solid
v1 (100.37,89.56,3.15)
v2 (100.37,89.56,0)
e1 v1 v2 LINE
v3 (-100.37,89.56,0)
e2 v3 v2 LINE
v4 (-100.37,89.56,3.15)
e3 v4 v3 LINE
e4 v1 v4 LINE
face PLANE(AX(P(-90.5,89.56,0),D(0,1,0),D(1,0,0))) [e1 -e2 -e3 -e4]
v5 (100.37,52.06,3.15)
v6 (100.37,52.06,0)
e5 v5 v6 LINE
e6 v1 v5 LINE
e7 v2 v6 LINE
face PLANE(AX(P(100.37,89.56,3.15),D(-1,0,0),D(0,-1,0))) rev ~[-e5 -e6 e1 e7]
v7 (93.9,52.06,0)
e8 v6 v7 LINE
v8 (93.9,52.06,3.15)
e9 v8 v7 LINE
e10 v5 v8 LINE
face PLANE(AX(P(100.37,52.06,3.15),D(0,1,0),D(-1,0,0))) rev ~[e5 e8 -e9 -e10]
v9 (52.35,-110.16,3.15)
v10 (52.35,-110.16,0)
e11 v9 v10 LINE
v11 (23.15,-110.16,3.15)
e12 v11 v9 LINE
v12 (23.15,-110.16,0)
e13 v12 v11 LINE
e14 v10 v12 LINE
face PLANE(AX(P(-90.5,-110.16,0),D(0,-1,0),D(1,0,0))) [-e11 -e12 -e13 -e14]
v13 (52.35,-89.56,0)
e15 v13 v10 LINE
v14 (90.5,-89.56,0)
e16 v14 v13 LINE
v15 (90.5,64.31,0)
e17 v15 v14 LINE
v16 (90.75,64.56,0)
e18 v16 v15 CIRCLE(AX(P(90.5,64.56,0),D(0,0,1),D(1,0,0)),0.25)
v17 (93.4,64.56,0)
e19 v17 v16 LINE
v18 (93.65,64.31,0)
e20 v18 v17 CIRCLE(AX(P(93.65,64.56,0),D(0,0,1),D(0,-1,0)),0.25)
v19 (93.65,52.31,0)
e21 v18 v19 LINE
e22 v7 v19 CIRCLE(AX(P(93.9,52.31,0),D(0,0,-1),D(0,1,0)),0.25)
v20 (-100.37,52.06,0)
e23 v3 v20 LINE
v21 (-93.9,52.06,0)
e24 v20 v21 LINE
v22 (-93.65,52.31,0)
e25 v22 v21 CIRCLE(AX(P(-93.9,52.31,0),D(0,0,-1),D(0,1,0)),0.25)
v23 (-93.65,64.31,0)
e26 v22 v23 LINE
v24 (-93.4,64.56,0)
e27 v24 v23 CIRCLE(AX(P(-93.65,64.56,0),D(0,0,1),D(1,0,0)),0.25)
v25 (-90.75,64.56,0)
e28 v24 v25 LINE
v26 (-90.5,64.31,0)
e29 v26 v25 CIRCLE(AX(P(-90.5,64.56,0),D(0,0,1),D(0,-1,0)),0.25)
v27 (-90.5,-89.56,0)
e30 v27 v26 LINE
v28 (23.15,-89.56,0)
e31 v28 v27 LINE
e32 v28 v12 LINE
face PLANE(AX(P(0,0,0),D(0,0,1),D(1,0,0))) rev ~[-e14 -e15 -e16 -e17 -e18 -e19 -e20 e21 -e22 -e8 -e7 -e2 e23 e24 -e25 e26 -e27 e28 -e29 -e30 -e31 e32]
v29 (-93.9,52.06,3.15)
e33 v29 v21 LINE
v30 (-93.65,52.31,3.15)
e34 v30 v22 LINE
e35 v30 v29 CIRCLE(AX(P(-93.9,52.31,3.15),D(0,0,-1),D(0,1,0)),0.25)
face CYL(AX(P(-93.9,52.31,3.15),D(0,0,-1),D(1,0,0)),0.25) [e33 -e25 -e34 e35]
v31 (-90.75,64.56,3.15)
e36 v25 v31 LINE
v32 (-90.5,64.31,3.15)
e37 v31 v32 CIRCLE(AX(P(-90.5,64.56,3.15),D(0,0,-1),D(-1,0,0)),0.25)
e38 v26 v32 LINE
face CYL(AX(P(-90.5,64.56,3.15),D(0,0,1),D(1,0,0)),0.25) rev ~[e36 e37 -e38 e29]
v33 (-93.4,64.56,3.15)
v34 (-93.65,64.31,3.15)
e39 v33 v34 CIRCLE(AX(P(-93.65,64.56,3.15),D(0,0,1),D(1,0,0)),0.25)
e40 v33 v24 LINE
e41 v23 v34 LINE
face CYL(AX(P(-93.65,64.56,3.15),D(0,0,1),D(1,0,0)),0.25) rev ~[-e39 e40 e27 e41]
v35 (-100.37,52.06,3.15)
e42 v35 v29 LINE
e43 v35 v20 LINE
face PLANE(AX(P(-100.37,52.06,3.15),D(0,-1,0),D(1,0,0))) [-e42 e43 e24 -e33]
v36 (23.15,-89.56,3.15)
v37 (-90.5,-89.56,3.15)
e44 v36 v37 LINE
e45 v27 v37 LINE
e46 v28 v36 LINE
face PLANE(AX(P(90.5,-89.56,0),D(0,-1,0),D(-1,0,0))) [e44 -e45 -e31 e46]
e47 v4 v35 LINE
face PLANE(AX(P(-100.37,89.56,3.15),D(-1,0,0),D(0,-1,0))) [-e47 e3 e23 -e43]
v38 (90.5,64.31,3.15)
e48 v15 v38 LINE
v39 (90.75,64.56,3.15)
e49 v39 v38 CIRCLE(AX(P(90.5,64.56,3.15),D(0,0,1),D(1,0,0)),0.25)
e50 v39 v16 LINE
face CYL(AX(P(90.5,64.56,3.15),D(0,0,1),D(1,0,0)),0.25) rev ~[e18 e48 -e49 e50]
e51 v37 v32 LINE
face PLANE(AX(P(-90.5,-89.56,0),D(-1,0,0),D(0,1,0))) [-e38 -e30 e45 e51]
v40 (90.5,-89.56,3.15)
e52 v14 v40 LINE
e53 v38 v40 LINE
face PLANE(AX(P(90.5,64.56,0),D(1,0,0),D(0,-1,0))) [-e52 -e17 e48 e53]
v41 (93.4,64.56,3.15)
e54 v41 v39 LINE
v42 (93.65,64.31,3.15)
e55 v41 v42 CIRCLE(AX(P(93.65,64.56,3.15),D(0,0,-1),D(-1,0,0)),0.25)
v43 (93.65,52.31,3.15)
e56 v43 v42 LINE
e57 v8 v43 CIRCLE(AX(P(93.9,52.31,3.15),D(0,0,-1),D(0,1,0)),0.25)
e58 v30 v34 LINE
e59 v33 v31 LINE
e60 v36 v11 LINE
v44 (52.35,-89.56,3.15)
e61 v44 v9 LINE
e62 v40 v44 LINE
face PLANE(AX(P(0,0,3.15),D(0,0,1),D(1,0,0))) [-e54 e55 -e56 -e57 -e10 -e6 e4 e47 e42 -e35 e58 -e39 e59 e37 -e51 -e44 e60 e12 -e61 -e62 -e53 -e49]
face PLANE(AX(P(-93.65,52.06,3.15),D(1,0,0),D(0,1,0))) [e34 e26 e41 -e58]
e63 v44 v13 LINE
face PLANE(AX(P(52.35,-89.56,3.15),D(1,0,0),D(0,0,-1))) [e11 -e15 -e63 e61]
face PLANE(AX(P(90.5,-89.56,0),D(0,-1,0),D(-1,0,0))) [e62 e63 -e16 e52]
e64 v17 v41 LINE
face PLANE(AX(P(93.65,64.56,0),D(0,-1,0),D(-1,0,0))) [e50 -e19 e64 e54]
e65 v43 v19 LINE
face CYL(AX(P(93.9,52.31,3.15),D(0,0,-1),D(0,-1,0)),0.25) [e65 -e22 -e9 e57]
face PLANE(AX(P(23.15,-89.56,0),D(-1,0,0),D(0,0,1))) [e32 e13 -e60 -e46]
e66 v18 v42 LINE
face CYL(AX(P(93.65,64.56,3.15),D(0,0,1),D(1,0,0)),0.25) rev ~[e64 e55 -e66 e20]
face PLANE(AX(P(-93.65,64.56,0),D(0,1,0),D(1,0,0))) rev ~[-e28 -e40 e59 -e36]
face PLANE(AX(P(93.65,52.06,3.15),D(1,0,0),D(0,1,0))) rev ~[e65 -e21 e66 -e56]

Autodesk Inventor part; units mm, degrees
ref_plane "YZ Plane" through (0, 0, 0) normal (1, 0, 0) x (0, 1, 0)
ref_plane "XZ Plane" through (0, 0, 0) normal (0, 1, 0) x (-1, 0, 0)
ref_plane "XY Plane" through (0, 0, 0) normal (0, 0, 1) x (1, 0, 0)
sketch "Sketch1" plane through (0, 0, 0) normal (0, 0, 1) x (1, 0, 0)
  line L0 (90.5, -89.56) -> (-90.5, -89.56)
  line L1 (-90.5, -89.56) -> (-90.5, 89.56)
  line L2 (-90.5, 89.56) -> (90.5, 89.56)
  line L3 (90.5, 89.56) -> (90.5, -89.56)
  line L4 (90.5, -89.56) -> (-90.5, 89.56) construction
  line L5 (-90.5, -89.56) -> (90.5, 89.56) construction
  line L6 (90.5, 89.56) -> (93.65, 89.56)
  line L7 (93.65, 89.56) -> (93.65, 64.56)
  line L8 (93.65, 64.56) -> (90.5, 64.56)
  line L9 (90.5, 64.56) -> (90.5, 89.56)
  line L10 (0, 0) -> (0, 89.56)
  line L11 (-90.5, 89.56) -> (-93.65, 89.56)
  line L12 (-93.65, 89.56) -> (-93.65, 64.56)
  line L13 (-93.65, 64.56) -> (-90.5, 64.56)
  line L14 (-90.5, 64.56) -> (-90.5, 89.56)
  dimension "d0" = 179.12
  dimension "d1" = 181
  dimension "d2" = 3.15
  dimension "d3" = 25
extrude "Extrusion1" add sketch "Sketch1" along normal blind 3.15
sketch "Sketch2" plane through (0, 0, 3.15) normal (0, 0, 1) x (1, 0, 0)
  line L0 (93.65, 89.56) -> (-93.65, 89.56) projected
  line L1 (-93.65, 89.56) -> (-100.37, 89.56)
  line L2 (-100.37, 89.56) -> (-100.37, 52.06)
  line L3 (-100.37, 52.06) -> (-93.65, 52.06)
  line L4 (-93.65, 52.06) -> (-93.65, 89.56)
  line L5 (0, 89.56) -> (0, 0)
  line L6 (93.65, 89.56) -> (93.65, 64.56)
  line L7 (93.65, 89.56) -> (100.37, 89.56)
  line L8 (100.37, 89.56) -> (100.37, 52.06)
  line L9 (100.37, 52.06) -> (93.65, 52.06)
  line L10 (93.65, 52.06) -> (93.65, 89.56)
  point P0 (-93.65, 64.56)
  dimension "d6" = 6.72
  dimension "d7" = 12.5
extrude "Extrusion2" add sketch "Sketch2" against normal blind 3.15
sketch "Sketch5" plane through (0, 0, 3.15) normal (0, 0, 1) x (1, 0, 0)
  line L0 (-93.65, 64.56) -> (-90.5, 64.56) projected
  circle A0 centre (-93.65, 64.56) radius 0.25
  circle A1 centre (-90.5, 64.56) radius 0.25
  line L1 (0, 0) -> (0, 89.56)
  line L2 (100.37, 89.56) -> (-100.37, 89.56) projected
  circle A2 centre (93.65, 64.56) radius 0.25
  circle A3 centre (90.5, 64.56) radius 0.25
  dimension "d19" = 0.5
  dimension "d20" = 0.5
extrude "Extrusion5" cut sketch "Sketch5" against normal up to next
fillet "Fillet1" radius 0.25 2 edges at (-93.65, 52.06, 1.575) (93.65, 52.06, 1.575)
sketch "Sketch3" plane through (-90.5, -89.56, 0) normal (0, -1, 0) x (1, 0, 0)
  line L0 (0, 0) -> (181, 0) projected
  line L1 (0, 3.15) -> (181, 3.15) projected
  line L2 (113.65, 3.15) -> (142.85, 3.15)
  line L3 (142.85, 3.15) -> (142.85, 0)
  line L4 (142.85, 0) -> (113.65, 0)
  line L5 (113.65, 0) -> (113.65, 3.15)
  line L6 (128.25, 3.15) -> (128.25, 0)
  point P0 (90.5, 0)
  dimension "d10" = 29.2
  dimension "d11" = 37.75
extrude "Extrusion3" add sketch "Sketch3" along normal blind 20.6
sketch "Sketch4" plane through (0, 0, 3.15) normal (0, 0, 1) x (1, 0, 0)
  line L0 (-90.5, -89.56) -> (23.15, -89.56) projected
  line L1 (52.35, -110.16) -> (23.15, -110.16) projected
  circle A0 centre (47.75, -105.16) radius 1.575
  line L2 (0, 0) -> (0, -89.56)
  dimension "d14" = 5
  dimension "d15" = 47.75
  dimension "d16" = 3.15
extrude "Extrusion4" [suppressed]
equation "\"d2\" = t_window"
equation "\"t_door\" = t_window"
equation "\"d8\" = t_door"
equation "\"d11\" = protection_slot_offset"
equation "\"d12\" = protection_slot_length"
equation "\"d16\" = m3_diameter"
equation "\"wood_thickness\" = 6.72"
equation "\"m3_diameter\" = 3.15"
equation "\"m5_diameter\" = 5.25"
equation "\"stepper_screw_space\" = 35"
equation "\"stepper_shaft_diameter\" = 5"
equation "\"stepper_body_diameter\" = 28"
equation "\"laser_body_diameter\" = 12"
equation "\"thick_acrylic\" = 5.88"
equation "\"carrier_y\" = 181"
equation "\"carrier_z\" = 233.04"
equation "\"carrier_z2\" = 283.04"
equation "\"window_z\" = 185"
equation "\"window_slot\" = 25"
equation "\"reservoir_x\" = 151"
equation "\"reservoir_y\" = 151"
equation "\"thin_acrylic\" = 3.15"
equation "\"linear_bearing_spacing\" = 207"
equation "\"linear_bearing_z\" = 304.8"
equation "\"threaded_rod_z\" = 203.2"
equation "\"motor_spacing\" = 287"
equation "\"tray_boarder\" = 15"
equation "\"tray_x\" = 151"
equation "\"tray_y\" = 181"
equation "\"brass_insert_drill\" = 4"
equation "\"brass_keep_out\" = 8"
equation "\"tape_keep_out\" = 2"
equation "\"tape_thickness\" = 2"
equation "\"crane_x\" = 244.56"
equation "\"z_min_from_center\" = 72.28"
equation "\"printer_z\" = 289"
equation "\"frame_tilt\" = 0"
equation "\"lcd_x\" = 72"
equation "\"lcd_y\" = 25"
equation "\"clear_acrylic\" = 3.15"
equation "\"laser_y\" = 33"
equation "\"laser_y_offset\" = 19.4"
equation "\"laser_diameter\" = 12"
equation "\"laser_z\" = 33"
equation "\"subframe_y_offset\" = 27.5"
equation "\"frame_top_z\" = 295"
equation "\"frame_y\" = 68.44"
equation "\"frame_bottom_z\" = 225"
equation "\"t_frame\" = 6.72"
equation "\"frame_border\" = 39.5"
equation "\"t_carrier\" = 6.72"
equation "\"t_tray\" = 3.15"
equation "\"tray_border\" = 15"
equation "\"t_wall\" = 5.88"
equation "\"galvo_frame_z\" = 65"
equation "\"galvo_frame_x\" = 66"
equation "\"t_galvo_frame\" = 6.72"
equation "\"galvo_frame_y_offset\" = 27.5"
equation "\"m4_diameter\" = 4.2"
equation "\"window_y\" = 49.56"
equation "\"t_window\" = 3.15"
equation "\"laser_x\" = 62"
equation "\"drawer_z\" = 206.72"
equation "\"drawer_x\" = 181"
equation "\"drawer_y\" = 49.56"
equation "\"frame_foot_z\" = 49.5"
equation "\"drawer_z_from_bottom\" = 25"
equation "\"end_stop_offset_x\" = 83"
equation "\"t_crane\" = 6.72"
equation "\"end_stop_spacing\" = 19"
equation "\"thumb_nut_offset_y\" = 11.72"
equation "\"thumb_nut_diameter\" = 7"
equation "\"frame_foot_extension\" = 6"
equation "\"m5_brass_insert_drill\" = 6.7"
equation "\"m3_brass_insert_drill\" = 4"
equation "\"door_sensor\" = 35"
equation "\"protection_slot_offset\" = 37.75"
equation "\"protection_slot\" = 30.2"
equation "\"protection_slot_length\" = 20.6"
equation "\"m3_main_nut_width\" = 5.7"
equation "\"m3_main_extra\" = 1"
equation "\"m3_main_length\" = 14"
equation "\"m3_main_nut_thickness\" = 2.5"
equation "\"al1_thickness\" = 1.5875"
equation "\"bed_t\" = 1.5875"
equation "\"bed_fold_x\" = 15"
equation "\"bed_gap\" = 0.3"
equation "\"bed_y2\" = 45.96"
equation "\"m5_press_nut_drill\" = 6.35"
equation "\"asym_key\" = 0"
equation "\"small_round\" = 2"
equation "\"drawer_foot_mount\" = 18"
equation "\"inner_tray_x\" = 145"
equation "\"t_tape\" = 3"
equation "\"inner_tray_radius\" = 24"
equation "\"t_inner_tray\" = 5.88"
equation "\"inner_tray_border\" = 5"
equation "\"inner_tray_y\" = 145"
equation "\"bottom_clear_border\" = 5"
equation "\"t_bottom_clear\" = 3.15"
equation "\"laser_screw_spacing_y\" = 16"
properties part number "door"
